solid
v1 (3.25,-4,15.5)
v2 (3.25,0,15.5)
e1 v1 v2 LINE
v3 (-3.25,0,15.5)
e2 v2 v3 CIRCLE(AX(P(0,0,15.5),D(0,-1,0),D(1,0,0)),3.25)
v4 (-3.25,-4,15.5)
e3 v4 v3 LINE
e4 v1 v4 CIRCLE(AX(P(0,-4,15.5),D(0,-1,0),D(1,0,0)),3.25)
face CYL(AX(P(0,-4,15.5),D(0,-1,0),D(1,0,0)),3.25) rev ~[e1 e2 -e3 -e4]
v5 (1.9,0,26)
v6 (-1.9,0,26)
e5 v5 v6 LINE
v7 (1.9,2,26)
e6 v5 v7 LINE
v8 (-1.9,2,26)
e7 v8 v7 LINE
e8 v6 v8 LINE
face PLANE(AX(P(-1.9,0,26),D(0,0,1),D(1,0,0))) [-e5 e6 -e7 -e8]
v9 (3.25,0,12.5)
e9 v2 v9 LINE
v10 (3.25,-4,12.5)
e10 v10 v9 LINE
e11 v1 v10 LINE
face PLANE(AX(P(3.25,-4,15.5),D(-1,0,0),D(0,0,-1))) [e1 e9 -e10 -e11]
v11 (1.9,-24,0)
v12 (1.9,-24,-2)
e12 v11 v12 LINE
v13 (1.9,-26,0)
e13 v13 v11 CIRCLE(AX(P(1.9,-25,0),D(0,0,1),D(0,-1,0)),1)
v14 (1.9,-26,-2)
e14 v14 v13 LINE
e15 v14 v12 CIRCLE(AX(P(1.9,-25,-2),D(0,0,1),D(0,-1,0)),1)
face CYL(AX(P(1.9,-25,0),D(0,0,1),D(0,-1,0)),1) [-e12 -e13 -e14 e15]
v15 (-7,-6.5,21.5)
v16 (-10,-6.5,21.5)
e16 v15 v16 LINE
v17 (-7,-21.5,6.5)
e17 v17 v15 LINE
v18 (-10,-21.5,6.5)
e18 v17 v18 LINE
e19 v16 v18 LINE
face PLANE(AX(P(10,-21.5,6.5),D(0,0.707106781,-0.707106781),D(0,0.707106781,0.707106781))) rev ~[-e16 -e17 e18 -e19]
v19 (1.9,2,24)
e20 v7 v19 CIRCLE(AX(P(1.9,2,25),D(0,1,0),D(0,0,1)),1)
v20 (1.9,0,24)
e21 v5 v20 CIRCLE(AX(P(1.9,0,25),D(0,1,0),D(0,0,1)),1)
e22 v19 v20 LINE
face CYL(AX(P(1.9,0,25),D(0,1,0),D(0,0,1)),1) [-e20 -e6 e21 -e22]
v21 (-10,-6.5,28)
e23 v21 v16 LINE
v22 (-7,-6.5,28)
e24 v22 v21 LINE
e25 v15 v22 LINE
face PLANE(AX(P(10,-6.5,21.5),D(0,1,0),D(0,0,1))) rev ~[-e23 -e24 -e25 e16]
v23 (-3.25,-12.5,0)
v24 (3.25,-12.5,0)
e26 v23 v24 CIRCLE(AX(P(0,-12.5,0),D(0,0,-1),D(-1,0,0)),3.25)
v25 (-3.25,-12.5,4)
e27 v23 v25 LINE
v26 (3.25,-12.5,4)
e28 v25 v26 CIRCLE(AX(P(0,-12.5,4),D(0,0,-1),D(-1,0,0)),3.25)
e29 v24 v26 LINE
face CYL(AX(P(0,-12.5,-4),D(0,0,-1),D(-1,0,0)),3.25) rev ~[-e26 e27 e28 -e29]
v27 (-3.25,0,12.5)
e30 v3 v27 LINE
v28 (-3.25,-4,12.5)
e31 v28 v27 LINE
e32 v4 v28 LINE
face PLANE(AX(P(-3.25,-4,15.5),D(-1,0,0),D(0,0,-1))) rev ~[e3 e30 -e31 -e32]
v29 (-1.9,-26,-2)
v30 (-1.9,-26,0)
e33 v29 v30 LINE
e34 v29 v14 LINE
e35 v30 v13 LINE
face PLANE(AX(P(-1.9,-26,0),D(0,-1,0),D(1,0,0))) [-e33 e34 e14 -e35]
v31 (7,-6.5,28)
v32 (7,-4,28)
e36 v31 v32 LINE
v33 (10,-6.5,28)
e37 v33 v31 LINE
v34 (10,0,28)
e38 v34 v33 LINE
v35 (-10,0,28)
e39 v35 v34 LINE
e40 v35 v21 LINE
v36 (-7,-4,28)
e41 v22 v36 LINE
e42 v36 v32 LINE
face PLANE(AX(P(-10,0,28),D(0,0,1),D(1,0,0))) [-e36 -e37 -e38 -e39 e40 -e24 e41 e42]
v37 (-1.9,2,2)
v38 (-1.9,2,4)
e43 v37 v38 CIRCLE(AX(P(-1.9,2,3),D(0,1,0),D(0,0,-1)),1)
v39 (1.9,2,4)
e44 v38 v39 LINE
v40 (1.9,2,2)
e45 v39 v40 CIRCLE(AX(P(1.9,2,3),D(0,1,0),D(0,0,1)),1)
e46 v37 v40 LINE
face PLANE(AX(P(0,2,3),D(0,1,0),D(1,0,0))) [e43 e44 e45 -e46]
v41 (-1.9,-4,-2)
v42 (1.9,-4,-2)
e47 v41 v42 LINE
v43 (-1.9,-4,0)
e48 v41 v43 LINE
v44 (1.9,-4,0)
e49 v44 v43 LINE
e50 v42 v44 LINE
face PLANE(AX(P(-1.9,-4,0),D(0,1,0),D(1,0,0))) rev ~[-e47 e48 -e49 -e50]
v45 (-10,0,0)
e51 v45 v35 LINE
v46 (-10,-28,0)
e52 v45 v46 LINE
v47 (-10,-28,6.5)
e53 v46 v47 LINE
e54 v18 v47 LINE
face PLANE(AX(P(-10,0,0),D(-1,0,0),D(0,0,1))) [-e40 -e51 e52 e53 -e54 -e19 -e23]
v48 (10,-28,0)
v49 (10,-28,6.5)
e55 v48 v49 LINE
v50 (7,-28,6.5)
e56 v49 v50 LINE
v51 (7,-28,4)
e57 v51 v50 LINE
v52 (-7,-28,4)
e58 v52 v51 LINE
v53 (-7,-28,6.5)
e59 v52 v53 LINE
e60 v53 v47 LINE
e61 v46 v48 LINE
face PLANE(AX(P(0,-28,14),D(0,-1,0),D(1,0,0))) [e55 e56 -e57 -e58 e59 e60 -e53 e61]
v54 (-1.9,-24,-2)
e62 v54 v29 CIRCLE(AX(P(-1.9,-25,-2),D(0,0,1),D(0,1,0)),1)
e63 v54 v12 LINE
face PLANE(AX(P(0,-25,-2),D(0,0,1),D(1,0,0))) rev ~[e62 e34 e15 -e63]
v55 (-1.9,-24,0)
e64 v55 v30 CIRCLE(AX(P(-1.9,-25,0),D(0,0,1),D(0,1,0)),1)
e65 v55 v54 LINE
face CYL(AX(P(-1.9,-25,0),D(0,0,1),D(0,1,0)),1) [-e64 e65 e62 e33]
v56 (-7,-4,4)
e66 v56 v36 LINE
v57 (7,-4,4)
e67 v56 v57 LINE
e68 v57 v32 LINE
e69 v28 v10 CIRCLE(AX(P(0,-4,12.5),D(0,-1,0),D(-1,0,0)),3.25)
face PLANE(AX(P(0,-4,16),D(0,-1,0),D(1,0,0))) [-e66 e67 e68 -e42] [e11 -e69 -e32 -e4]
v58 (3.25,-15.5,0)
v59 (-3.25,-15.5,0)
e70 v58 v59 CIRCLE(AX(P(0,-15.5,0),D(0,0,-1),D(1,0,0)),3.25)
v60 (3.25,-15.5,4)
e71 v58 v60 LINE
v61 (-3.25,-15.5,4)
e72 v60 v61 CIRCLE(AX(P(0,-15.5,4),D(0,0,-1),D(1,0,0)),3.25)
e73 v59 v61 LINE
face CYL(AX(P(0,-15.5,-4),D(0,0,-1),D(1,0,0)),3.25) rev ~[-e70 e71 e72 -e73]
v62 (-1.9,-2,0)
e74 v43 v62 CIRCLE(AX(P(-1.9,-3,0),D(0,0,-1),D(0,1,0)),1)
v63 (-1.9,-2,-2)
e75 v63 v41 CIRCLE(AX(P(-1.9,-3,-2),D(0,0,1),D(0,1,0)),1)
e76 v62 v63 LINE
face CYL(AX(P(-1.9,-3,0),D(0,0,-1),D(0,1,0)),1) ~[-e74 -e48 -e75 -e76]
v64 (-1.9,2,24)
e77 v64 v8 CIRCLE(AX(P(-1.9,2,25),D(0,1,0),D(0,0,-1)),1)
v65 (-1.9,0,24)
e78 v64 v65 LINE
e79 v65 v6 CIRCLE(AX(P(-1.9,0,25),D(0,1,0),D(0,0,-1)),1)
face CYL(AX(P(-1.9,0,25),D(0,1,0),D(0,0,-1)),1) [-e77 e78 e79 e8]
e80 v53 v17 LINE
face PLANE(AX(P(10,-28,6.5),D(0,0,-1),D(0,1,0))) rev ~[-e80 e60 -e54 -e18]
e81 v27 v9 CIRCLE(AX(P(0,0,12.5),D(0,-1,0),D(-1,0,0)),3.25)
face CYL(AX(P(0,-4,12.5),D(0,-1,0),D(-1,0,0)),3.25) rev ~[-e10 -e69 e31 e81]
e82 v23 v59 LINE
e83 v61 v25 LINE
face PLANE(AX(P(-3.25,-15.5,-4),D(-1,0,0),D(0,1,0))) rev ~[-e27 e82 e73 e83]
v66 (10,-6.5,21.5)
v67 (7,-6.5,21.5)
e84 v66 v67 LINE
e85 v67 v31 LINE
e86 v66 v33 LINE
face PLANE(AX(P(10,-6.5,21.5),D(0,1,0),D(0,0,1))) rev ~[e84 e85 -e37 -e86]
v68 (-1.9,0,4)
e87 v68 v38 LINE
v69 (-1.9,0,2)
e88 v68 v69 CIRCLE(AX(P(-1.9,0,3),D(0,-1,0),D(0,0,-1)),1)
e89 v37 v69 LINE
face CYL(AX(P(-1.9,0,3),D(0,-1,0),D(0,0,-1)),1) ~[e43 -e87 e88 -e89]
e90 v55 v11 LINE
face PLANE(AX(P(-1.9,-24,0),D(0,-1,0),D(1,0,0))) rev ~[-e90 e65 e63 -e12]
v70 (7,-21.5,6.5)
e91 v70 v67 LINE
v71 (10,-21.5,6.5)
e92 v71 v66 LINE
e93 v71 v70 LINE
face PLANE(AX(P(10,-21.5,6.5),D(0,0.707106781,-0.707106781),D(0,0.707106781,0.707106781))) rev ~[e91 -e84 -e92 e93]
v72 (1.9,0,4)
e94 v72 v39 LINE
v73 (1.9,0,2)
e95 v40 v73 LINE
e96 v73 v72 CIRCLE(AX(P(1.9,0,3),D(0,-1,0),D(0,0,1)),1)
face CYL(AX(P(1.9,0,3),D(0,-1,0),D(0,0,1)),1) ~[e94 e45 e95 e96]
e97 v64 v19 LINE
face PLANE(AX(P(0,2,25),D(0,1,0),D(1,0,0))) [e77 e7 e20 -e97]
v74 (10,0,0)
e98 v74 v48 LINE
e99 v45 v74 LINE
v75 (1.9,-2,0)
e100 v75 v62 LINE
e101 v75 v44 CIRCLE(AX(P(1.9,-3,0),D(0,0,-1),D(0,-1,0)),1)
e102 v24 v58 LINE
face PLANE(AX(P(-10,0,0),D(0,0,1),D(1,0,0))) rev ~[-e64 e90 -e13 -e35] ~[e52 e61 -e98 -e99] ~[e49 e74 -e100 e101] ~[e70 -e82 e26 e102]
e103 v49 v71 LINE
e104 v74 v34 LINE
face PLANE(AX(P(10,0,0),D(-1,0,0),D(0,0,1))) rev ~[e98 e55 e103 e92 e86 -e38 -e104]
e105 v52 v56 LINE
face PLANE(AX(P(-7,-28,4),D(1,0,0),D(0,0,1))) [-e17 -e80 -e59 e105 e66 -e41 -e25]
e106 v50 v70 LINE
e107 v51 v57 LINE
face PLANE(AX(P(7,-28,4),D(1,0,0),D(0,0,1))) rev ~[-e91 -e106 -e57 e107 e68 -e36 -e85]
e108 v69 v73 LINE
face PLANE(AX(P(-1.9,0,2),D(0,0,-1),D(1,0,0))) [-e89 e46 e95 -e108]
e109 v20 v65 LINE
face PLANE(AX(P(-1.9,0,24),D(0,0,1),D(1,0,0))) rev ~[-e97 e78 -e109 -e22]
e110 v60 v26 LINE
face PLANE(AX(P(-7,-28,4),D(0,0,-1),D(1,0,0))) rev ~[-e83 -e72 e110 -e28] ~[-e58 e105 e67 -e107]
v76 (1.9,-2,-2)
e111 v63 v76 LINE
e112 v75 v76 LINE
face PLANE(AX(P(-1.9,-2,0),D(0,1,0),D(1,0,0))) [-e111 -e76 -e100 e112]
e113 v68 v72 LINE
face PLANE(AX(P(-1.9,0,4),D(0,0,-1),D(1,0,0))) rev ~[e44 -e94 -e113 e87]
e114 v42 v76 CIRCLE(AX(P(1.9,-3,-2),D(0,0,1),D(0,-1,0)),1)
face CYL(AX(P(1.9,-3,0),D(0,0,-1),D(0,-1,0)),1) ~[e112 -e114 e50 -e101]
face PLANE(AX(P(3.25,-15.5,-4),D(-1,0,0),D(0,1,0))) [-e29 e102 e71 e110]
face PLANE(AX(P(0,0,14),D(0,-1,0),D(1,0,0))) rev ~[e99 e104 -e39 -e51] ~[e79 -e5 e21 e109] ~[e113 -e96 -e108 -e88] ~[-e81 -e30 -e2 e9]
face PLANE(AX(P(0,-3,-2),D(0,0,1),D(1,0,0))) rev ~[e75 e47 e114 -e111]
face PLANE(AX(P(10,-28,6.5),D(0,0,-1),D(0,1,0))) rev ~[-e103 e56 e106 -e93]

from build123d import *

# Parameters (mm, degrees)
SKETCH_W              = 20
SKETCH_H              = 28
PAD_DEPTH             = 28
SKETCH001_W           = 14
SKETCH001_H           = 24
POCKET_DEPTH          = 24
POCKET001_DEPTH       = 20.001
POCKET002_DEPTH       = 92.725292
POLARPATTERN_COUNT    = 2
POLARPATTERN_ANGLE    = 90
PAD001_DEPTH          = 2
POLARPATTERN001_COUNT = 2
POLARPATTERN001_ANGLE = 90


with BuildPart() as part:
    # Sketch → Pad (new body)
    with BuildSketch(Plane.XZ):
        with Locations((0, 14)):
            Rectangle(SKETCH_W, SKETCH_H)
    extrude(amount=PAD_DEPTH)

    # Sketch001 (on Face6 of Pad) → Pocket (cut)
    with BuildSketch(Plane.XZ.offset(28)):
        with Locations((0, 16)):
            Rectangle(SKETCH001_W, SKETCH001_H)
    extrude(amount=-POCKET_DEPTH, mode=Mode.SUBTRACT)

    # Sketch002 (on Face3 of Pocket) → Pocket001 (cut, through all)
    with BuildSketch(Plane(origin=(10, 0, 0), x_dir=(0, 0, 1), z_dir=(1, 0, 0))):
        Polygon((6.5, 28), (6.5, 21.5), (21.5, 6.5), (28, 6.5), (28, 28), align=None)
    extrude(amount=-POCKET001_DEPTH, mode=Mode.SUBTRACT)

    # Sketch003 (on Face16 of Pocket001) → Pocket002 (cut, through all)
    with BuildSketch(Plane.XZ.offset(4)):
        with BuildLine():
            ThreePointArc((3.25, 15.5), (0, 18.75), (-3.25, 15.5))
            Line((-3.25, 15.5), (-3.25, 12.5))
            ThreePointArc((-3.25, 12.5), (0, 9.25), (3.25, 12.5))
            Line((3.25, 15.5), (3.25, 12.5))
        make_face()
    pocket002 = extrude(amount=-POCKET002_DEPTH, mode=Mode.SUBTRACT)

    # PolarPattern: Pocket002 ×2 about axis
    polarpattern_axis = Axis((0, 0, 0), (1, 0, 0))
    for i in range(1, POLARPATTERN_COUNT):
        add(pocket002.rotate(polarpattern_axis, i * POLARPATTERN_ANGLE / (POLARPATTERN_COUNT - 1)), mode=Mode.SUBTRACT)

    # Sketch004 (on Face3 of PolarPattern) → Pad001 (join, symmetric)
    with BuildSketch(Plane(origin=(0, 0, 0), x_dir=(1, 0, 0), z_dir=(0, 1, 0))):
        with BuildLine():
            ThreePointArc((-1.9, -2), (-2.9, -3), (-1.9, -4))
            Line((-1.9, -4), (1.9, -4))
            ThreePointArc((1.9, -4), (2.9, -3), (1.9, -2))
            Line((-1.9, -2), (1.9, -2))
        make_face()
        with BuildLine():
            ThreePointArc((-1.9, -24), (-2.9, -25), (-1.9, -26))
            Line((-1.9, -26), (1.9, -26))
            ThreePointArc((1.9, -26), (2.9, -25), (1.9, -24))
            Line((-1.9, -24), (1.9, -24))
        make_face()
    pad001 = extrude(amount=PAD001_DEPTH, both=True)

    # PolarPattern001: Pad001 ×2 about axis
    polarpattern001_axis = Axis((0, 0, 0), (1, 0, 0))
    for i in range(1, POLARPATTERN001_COUNT):
        add(pad001.rotate(polarpattern001_axis, i * POLARPATTERN001_ANGLE / (POLARPATTERN001_COUNT - 1)))


solid = part.part
